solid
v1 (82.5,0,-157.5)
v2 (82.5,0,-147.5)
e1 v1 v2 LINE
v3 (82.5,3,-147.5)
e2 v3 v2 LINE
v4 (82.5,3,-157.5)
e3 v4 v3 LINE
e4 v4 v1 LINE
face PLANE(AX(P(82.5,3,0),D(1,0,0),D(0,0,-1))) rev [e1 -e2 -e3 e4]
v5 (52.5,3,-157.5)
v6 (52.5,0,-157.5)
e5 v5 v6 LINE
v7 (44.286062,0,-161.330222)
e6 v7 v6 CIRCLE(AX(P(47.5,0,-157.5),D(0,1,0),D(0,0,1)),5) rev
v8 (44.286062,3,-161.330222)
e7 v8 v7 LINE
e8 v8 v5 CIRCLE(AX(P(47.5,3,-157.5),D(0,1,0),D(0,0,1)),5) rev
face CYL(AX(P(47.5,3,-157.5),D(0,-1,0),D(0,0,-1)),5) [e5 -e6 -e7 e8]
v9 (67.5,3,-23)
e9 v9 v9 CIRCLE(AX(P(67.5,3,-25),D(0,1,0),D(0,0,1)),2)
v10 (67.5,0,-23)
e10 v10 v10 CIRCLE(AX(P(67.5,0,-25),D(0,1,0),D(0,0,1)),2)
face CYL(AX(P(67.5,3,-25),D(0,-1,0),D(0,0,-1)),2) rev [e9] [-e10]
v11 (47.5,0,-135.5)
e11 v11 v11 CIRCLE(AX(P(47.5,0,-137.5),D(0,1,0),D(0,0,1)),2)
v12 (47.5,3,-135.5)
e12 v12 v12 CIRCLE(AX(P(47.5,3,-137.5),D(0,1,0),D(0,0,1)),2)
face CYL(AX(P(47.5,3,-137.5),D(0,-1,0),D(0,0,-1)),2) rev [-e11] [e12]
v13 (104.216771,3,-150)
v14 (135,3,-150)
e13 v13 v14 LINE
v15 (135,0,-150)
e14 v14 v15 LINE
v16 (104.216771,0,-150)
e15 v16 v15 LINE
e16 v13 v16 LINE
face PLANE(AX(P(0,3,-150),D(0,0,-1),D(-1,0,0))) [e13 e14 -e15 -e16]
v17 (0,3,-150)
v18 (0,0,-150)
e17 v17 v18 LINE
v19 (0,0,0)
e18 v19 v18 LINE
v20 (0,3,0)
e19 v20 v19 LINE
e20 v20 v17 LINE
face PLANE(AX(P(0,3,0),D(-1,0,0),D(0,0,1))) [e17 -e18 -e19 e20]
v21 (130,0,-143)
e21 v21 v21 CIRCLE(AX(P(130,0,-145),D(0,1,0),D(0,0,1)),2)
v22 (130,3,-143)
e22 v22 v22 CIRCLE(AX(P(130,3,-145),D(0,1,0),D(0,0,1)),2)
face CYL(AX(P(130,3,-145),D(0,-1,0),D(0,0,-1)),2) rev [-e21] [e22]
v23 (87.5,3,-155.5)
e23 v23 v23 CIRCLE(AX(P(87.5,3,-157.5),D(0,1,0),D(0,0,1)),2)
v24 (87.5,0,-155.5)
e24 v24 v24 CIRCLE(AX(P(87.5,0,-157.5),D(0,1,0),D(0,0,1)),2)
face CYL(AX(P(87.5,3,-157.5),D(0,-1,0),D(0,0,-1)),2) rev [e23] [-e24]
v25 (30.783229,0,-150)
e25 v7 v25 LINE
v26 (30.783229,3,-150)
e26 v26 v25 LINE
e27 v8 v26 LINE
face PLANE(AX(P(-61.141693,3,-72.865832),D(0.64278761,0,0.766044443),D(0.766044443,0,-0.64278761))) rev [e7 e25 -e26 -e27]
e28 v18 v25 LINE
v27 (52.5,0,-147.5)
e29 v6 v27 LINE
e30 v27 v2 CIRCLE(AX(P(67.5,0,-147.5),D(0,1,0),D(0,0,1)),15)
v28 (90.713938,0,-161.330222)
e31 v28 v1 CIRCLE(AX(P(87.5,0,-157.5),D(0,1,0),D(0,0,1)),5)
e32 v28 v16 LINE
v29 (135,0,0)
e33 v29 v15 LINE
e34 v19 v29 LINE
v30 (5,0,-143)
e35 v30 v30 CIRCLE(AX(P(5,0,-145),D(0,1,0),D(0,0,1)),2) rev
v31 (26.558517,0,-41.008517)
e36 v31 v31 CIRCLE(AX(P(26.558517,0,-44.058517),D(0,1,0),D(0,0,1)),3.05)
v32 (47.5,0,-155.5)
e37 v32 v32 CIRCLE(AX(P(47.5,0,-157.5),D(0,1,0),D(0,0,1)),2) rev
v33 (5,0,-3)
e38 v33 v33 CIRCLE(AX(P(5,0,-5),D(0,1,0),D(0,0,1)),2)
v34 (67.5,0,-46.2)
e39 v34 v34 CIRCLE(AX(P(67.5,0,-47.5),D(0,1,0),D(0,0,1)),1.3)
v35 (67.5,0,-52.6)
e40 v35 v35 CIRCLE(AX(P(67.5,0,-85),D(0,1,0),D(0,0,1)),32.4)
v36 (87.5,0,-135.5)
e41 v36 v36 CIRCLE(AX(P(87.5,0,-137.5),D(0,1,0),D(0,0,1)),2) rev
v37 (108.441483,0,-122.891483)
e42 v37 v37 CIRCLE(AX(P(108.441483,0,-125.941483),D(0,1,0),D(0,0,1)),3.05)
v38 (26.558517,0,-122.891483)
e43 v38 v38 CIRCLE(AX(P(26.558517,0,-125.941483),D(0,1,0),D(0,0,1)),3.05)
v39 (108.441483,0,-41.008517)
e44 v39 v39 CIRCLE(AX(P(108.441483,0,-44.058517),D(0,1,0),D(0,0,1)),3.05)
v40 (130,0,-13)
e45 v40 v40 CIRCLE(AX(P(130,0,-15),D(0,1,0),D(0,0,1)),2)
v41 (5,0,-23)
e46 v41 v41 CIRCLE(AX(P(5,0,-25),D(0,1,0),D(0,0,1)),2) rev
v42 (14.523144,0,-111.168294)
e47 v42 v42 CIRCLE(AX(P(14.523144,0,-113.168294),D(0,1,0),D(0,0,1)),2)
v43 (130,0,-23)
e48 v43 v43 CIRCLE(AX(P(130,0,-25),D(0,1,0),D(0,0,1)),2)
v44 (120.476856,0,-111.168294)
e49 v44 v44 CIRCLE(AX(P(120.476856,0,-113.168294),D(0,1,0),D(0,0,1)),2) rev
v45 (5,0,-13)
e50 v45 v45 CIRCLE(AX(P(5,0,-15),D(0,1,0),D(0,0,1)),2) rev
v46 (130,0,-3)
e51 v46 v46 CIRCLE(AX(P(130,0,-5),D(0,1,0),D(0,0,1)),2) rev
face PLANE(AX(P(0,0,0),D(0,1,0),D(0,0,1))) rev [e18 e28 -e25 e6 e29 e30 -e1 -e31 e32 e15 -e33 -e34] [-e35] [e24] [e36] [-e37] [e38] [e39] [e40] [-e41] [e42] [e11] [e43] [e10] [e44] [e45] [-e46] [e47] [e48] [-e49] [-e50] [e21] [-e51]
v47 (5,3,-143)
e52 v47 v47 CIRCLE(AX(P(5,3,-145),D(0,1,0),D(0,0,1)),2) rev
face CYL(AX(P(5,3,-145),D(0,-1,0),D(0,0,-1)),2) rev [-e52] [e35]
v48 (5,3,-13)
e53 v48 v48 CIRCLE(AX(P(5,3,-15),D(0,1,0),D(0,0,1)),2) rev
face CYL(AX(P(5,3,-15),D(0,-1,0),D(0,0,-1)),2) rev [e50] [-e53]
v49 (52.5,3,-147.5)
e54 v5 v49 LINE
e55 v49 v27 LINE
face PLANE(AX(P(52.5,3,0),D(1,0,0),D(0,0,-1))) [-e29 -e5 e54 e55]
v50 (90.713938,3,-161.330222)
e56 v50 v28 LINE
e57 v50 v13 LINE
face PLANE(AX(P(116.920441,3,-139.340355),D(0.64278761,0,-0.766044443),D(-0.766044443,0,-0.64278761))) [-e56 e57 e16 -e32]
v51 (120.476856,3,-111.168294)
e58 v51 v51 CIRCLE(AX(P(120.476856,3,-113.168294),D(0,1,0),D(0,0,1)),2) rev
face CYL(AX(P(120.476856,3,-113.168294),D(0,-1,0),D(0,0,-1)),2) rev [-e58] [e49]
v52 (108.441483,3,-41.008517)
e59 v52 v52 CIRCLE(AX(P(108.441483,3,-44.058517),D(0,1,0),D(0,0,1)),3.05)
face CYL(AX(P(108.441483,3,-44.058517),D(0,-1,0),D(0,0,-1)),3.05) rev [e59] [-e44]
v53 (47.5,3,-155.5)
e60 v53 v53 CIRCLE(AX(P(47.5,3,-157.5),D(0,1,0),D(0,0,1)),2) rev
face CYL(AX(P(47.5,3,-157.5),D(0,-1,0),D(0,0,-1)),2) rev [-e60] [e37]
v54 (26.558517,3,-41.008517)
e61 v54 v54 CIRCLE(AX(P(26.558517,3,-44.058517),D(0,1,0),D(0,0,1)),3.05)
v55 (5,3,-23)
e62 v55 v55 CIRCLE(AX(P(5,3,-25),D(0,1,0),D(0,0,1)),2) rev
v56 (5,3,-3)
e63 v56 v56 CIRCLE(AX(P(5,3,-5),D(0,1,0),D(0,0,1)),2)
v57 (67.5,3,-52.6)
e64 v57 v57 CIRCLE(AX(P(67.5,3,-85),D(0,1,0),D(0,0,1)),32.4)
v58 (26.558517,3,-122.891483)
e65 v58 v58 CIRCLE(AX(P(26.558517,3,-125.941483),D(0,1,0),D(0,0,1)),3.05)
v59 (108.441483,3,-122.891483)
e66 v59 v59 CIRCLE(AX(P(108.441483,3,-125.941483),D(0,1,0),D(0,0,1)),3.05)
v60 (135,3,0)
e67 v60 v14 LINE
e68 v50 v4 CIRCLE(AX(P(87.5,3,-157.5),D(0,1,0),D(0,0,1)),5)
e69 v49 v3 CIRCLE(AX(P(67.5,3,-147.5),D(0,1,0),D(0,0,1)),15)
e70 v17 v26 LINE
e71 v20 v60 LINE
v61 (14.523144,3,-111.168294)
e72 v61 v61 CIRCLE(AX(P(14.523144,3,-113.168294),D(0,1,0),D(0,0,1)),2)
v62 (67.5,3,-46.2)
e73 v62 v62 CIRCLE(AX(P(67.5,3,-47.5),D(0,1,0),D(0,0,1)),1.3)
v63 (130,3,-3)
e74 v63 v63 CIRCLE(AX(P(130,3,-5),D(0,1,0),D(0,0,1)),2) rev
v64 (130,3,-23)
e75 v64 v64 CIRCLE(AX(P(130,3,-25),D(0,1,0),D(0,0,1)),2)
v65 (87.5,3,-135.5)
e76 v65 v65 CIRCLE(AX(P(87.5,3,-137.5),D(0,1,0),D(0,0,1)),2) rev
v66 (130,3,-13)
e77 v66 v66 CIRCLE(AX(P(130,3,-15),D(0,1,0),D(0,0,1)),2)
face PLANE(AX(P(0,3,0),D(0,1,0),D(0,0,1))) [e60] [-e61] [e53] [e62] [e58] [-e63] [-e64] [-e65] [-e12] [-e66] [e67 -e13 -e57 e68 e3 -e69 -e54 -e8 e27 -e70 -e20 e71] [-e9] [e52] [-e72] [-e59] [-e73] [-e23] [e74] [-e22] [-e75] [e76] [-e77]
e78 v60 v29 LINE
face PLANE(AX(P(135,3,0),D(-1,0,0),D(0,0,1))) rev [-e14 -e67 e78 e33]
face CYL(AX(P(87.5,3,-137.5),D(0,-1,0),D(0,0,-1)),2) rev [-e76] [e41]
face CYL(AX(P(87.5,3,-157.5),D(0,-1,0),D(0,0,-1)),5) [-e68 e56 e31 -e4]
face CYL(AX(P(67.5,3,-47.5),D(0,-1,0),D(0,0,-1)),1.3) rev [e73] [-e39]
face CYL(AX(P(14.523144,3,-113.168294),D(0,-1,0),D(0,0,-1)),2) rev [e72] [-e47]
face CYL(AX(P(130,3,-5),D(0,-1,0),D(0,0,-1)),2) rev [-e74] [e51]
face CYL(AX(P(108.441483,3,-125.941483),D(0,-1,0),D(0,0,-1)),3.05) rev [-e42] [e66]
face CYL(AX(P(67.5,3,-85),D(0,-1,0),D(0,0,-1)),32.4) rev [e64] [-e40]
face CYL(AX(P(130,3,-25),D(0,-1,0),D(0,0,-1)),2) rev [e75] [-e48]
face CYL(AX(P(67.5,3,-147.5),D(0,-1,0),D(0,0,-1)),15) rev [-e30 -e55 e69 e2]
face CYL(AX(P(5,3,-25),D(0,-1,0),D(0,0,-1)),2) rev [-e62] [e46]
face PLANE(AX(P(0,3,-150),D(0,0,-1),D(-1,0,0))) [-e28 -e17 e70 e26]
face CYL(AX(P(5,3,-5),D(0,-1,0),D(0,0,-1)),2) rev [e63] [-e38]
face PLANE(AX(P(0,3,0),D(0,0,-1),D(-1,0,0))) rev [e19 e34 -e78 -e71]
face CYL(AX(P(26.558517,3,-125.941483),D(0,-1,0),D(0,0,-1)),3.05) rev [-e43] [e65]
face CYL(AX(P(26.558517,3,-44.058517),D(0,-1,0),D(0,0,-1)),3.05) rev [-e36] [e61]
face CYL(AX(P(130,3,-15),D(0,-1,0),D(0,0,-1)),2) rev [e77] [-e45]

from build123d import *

# Parameters (mm, degrees)
SKETCH_1_R      = 2
SKETCH_1_R_2    = 3.05
SKETCH_1_R_3    = 1.3
SKETCH_1_R_4    = 32.4
EXTRUDE_1_DEPTH = 3


with BuildPart() as part:
    # ｽｹｯﾁ1 → ﾎﾞｽ - 押し出し1 (new body)
    with BuildSketch(Plane(origin=(0, 0, 0), x_dir=(1, 0, 0), z_dir=(0, 1, 0))):
        with BuildLine():
            Line((0, 150), (0, 0))
            Line((0, 0), (135, 0))
            Line((135, 0), (135, 150))
            Line((135, 150), (104.216771079, 150))
            Line((104.216771079, 150), (90.713938048, 161.330222216))
            ThreePointArc((90.713938048, 161.330222216), (85.386908691, 162.031538935), (82.5, 157.5))
            Line((82.5, 157.5), (82.5, 147.5))
            ThreePointArc((82.5, 147.5), (67.5, 132.5), (52.5, 147.5))
            Line((52.5, 147.5), (52.5, 150))
            Line((52.5, 150), (52.5, 157.5))
            ThreePointArc((52.5, 157.5), (49.613091309, 162.031538935), (44.286061952, 161.330222216))
            Line((44.286061952, 161.330222216), (30.783228921, 150))
            Line((30.783228921, 150), (0, 150))
        make_face()
        with Locations(Location((5, 5, 0), (0, 0, 270))):
            Circle(SKETCH_1_R, mode=Mode.SUBTRACT)
        with Locations(Location((5, 15, 0), (0, 0, 270))):
            Circle(SKETCH_1_R, mode=Mode.SUBTRACT)
        with Locations(Location((5, 25, 0), (0, 0, 270))):
            Circle(SKETCH_1_R, mode=Mode.SUBTRACT)
        with Locations(Location((26.558517369, 44.058517369, 0), (0, 0, 270))):
            Circle(SKETCH_1_R_2, mode=Mode.SUBTRACT)
        with Locations(Location((67.5, 25, 0), (0, 0, 270))):
            Circle(SKETCH_1_R, mode=Mode.SUBTRACT)
        with Locations(Location((130, 5, 0), (0, 0, 270))):
            Circle(SKETCH_1_R, mode=Mode.SUBTRACT)
        with Locations(Location((130, 15, 0), (0, 0, 270))):
            Circle(SKETCH_1_R, mode=Mode.SUBTRACT)
        with Locations(Location((130, 25, 0), (0, 0, 270))):
            Circle(SKETCH_1_R, mode=Mode.SUBTRACT)
        with Locations(Location((67.5, 47.5, 0), (0, 0, 270))):
            Circle(SKETCH_1_R_3, mode=Mode.SUBTRACT)
        with Locations(Location((108.441482631, 44.058517369, 0), (0, 0, 270))):
            Circle(SKETCH_1_R_2, mode=Mode.SUBTRACT)
        with Locations(Location((14.523144428, 113.168293767, 0), (0, 0, 270))):
            Circle(SKETCH_1_R, mode=Mode.SUBTRACT)
        with Locations(Location((67.5, 85, 0), (0, 0, 270))):
            Circle(SKETCH_1_R_4, mode=Mode.SUBTRACT)
        with Locations(Location((26.558517369, 125.941482631, 0), (0, 0, 270))):
            Circle(SKETCH_1_R_2, mode=Mode.SUBTRACT)
        with Locations(Location((5, 145, 0), (0, 0, 270))):
            Circle(SKETCH_1_R, mode=Mode.SUBTRACT)
        with Locations(Location((47.5, 137.5, 0), (0, 0, 270))):
            Circle(SKETCH_1_R, mode=Mode.SUBTRACT)
        with Locations(Location((47.5, 157.5, 0), (0, 0, 270))):
            Circle(SKETCH_1_R, mode=Mode.SUBTRACT)
        with Locations(Location((120.476855572, 113.168293767, 0), (0, 0, 270))):
            Circle(SKETCH_1_R, mode=Mode.SUBTRACT)
        with Locations(Location((87.5, 137.5, 0), (0, 0, 270))):
            Circle(SKETCH_1_R, mode=Mode.SUBTRACT)
        with Locations(Location((108.441482631, 125.941482631, 0), (0, 0, 270))):
            Circle(SKETCH_1_R_2, mode=Mode.SUBTRACT)
        with Locations(Location((130, 145, 0), (0, 0, 270))):
            Circle(SKETCH_1_R, mode=Mode.SUBTRACT)
        with Locations(Location((87.5, 157.5, 0), (0, 0, 270))):
            Circle(SKETCH_1_R, mode=Mode.SUBTRACT)
    extrude(amount=EXTRUDE_1_DEPTH)


solid = part.part
